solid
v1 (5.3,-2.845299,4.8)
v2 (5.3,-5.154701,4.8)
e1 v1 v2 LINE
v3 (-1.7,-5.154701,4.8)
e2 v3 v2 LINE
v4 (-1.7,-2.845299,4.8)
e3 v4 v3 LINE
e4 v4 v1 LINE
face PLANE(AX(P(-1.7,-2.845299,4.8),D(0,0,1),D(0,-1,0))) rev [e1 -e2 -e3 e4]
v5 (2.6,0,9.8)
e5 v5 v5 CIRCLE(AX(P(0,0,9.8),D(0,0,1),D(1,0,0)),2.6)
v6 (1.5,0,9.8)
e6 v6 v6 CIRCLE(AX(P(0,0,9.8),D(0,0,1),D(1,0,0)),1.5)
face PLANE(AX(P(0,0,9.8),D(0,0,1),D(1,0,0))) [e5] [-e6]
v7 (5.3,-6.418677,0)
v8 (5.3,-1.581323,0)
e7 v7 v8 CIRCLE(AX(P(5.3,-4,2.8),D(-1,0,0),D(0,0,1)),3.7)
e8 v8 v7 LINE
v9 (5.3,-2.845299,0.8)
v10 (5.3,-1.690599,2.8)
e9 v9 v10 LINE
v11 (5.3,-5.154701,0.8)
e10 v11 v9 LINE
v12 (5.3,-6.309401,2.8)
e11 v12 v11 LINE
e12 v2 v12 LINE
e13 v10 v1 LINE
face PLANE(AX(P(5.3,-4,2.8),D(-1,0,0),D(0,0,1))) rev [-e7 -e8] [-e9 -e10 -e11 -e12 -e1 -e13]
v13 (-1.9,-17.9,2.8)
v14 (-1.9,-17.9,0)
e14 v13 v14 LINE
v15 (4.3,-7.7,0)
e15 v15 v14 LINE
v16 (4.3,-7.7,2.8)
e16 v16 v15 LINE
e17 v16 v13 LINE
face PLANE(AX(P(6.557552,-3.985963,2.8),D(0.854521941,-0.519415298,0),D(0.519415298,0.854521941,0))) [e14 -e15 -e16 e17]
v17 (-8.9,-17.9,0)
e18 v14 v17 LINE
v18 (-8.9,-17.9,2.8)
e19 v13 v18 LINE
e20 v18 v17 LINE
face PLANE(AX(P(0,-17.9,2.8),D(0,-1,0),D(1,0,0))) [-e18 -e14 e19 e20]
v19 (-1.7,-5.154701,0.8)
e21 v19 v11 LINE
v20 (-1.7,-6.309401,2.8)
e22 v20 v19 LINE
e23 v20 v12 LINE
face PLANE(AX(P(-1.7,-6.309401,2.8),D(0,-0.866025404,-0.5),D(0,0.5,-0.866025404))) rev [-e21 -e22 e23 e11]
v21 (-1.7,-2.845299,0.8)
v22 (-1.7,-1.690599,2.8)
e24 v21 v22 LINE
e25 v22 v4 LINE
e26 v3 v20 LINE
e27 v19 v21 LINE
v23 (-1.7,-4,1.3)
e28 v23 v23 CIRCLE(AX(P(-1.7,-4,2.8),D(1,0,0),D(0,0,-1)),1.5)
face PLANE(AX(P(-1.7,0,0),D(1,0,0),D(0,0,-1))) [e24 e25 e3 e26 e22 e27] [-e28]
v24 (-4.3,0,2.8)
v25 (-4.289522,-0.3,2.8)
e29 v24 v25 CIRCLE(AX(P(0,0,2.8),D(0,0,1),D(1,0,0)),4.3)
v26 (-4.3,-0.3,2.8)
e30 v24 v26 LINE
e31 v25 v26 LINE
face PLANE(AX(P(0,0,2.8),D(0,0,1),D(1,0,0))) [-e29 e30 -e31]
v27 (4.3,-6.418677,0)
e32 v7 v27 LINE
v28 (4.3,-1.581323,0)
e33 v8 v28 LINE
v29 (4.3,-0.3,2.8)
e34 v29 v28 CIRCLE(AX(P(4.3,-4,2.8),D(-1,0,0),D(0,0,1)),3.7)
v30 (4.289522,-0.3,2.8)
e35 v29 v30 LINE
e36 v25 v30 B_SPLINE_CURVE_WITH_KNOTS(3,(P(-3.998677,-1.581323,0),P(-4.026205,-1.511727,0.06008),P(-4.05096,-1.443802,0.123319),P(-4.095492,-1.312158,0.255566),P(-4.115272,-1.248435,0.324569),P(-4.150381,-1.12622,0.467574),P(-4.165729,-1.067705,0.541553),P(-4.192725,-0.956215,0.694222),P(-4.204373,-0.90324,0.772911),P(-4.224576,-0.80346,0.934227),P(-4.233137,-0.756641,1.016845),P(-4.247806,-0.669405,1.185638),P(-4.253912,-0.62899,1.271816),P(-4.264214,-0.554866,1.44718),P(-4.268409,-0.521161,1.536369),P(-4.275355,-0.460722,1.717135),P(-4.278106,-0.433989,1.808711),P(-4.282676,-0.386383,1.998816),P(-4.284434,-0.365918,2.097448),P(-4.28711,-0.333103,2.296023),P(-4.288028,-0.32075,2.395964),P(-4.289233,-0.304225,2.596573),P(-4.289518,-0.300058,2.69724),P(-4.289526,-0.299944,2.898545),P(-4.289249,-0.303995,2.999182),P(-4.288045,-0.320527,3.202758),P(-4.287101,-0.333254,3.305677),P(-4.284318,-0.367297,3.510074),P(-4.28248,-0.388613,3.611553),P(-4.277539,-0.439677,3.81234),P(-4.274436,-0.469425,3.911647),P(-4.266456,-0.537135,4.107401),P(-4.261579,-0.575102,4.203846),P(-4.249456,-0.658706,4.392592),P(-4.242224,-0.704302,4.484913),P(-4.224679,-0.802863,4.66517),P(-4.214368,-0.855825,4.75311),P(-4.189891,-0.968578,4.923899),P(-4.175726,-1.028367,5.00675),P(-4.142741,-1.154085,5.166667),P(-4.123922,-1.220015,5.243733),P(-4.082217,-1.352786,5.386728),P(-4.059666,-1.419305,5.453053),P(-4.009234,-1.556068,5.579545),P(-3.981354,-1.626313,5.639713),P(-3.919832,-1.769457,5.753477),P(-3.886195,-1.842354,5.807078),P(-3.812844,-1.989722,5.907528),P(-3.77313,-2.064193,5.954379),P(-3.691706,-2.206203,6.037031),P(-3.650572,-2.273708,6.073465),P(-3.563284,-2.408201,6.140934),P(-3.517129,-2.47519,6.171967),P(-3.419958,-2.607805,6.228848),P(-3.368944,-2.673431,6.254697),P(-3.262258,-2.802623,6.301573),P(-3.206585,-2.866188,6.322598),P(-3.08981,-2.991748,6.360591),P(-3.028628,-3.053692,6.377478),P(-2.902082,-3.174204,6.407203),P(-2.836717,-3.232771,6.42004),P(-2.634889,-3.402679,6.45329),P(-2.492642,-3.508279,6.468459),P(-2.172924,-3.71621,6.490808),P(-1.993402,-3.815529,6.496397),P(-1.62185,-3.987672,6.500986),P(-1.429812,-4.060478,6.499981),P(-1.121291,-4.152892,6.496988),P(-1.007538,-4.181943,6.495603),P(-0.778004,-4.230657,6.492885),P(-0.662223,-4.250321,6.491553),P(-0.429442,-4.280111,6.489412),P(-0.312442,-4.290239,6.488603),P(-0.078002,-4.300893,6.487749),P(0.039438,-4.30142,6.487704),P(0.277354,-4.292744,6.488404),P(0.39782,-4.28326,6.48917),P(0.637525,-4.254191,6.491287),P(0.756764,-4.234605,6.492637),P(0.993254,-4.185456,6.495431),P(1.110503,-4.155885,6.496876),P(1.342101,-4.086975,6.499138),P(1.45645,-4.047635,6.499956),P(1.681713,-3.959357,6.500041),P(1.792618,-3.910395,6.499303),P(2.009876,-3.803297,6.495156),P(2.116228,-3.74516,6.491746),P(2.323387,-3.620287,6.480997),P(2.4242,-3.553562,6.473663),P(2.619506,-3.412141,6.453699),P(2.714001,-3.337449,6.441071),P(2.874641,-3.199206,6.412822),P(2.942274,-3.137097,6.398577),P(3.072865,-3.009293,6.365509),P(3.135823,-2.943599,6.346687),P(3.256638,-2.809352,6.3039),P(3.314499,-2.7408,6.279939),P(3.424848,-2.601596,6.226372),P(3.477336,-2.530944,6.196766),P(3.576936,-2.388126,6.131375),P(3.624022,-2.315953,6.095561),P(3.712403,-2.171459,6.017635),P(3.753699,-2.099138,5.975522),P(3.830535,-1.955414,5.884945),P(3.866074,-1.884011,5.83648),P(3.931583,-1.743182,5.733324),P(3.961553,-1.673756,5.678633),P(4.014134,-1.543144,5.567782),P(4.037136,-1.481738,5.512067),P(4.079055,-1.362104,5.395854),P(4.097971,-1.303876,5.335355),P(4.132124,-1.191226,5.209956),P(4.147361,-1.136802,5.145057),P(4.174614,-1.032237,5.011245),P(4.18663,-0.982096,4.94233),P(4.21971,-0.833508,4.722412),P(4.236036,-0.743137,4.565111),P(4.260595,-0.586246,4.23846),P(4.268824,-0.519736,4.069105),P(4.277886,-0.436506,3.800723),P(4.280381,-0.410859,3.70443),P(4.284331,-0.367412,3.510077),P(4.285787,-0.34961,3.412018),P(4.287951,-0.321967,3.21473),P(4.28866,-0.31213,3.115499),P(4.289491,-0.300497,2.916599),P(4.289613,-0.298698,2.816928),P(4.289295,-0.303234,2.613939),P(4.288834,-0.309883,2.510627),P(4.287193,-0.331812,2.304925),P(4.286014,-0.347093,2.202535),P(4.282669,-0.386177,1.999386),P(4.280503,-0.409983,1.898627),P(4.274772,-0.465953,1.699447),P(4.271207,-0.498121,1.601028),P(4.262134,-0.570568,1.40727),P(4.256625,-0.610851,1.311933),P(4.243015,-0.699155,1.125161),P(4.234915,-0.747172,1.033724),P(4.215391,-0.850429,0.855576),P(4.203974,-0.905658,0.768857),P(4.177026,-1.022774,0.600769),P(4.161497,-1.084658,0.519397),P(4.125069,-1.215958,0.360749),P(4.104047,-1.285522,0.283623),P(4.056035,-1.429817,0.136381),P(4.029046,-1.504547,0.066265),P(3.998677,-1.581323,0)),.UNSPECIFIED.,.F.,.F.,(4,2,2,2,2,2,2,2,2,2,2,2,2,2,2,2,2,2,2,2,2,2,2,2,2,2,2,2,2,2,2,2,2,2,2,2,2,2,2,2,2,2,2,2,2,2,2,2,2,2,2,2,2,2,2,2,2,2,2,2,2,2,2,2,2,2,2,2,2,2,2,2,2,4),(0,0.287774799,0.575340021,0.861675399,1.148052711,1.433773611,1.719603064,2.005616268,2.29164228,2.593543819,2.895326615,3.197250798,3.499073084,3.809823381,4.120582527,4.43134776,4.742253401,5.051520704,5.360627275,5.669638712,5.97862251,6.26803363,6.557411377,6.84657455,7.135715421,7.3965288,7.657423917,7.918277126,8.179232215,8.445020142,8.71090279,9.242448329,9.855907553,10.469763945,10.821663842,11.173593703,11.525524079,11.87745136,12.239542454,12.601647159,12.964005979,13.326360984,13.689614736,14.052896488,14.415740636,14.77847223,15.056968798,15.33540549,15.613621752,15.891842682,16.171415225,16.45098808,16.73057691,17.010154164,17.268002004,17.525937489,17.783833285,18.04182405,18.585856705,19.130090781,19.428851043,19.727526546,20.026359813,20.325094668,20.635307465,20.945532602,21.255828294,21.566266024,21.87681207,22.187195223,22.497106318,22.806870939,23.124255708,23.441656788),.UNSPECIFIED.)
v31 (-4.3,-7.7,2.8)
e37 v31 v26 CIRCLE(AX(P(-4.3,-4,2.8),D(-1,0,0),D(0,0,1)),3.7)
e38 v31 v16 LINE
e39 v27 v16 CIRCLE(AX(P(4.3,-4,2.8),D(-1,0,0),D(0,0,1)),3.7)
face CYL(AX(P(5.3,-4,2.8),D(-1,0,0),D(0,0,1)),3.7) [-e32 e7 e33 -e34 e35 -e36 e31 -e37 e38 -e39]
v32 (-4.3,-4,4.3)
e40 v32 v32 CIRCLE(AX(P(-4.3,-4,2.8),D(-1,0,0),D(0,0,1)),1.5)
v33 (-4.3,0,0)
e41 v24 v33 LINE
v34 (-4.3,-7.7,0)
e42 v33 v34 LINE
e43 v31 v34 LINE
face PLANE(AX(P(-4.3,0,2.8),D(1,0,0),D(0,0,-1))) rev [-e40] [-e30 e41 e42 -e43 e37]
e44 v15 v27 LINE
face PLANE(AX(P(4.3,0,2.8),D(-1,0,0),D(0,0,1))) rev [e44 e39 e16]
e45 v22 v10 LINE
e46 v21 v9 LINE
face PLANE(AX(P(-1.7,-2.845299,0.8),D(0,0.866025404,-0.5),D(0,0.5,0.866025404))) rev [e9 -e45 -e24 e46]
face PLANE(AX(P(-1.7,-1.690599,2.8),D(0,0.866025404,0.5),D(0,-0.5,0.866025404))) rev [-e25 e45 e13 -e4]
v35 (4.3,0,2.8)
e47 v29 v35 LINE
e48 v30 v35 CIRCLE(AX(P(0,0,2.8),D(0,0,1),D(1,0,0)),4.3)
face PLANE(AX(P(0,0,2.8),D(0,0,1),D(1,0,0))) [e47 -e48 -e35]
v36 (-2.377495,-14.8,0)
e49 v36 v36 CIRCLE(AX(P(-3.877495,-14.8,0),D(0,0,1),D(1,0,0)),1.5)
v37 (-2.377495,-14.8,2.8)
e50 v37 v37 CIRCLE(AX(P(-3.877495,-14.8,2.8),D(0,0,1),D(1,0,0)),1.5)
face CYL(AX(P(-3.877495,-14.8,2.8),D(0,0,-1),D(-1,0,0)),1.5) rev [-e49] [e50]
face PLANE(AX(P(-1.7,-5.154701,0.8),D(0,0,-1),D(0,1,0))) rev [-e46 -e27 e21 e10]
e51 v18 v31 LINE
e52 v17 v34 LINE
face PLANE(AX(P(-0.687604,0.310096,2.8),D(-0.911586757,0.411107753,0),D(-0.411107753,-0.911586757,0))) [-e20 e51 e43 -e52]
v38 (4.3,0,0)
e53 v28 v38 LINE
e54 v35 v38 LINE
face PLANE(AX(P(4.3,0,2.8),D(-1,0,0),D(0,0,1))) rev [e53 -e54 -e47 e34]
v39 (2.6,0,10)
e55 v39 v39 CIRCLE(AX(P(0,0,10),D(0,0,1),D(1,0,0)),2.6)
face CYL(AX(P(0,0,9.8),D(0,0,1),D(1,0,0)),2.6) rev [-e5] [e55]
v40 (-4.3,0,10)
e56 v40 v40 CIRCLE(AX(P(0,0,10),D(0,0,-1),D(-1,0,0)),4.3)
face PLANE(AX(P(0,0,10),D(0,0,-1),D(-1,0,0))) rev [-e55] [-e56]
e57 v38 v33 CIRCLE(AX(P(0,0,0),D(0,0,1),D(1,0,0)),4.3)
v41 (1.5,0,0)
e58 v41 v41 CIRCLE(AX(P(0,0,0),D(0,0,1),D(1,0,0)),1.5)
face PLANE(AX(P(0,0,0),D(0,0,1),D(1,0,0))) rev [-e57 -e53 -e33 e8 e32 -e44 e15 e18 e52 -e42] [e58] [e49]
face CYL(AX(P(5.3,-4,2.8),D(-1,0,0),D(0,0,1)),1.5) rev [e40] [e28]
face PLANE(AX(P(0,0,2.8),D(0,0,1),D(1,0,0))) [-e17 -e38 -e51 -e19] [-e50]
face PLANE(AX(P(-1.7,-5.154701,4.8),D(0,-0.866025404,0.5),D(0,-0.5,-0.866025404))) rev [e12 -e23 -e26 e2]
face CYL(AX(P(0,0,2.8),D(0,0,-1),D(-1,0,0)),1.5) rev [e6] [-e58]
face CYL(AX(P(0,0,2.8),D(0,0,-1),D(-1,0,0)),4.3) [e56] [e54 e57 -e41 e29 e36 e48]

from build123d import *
from build123d.topology import SkipClean

# Parameters (mm, degrees)
SKETCH_1_R          = 1.5
EXTRUDE_1_DEPTH     = 2.8
SKETCH_3_R          = 4.3
SKETCH_3_R_2        = 1.5
EXTRUDE_4_DEPTH     = 10
CUT_EXTRUDE_START   = -0.2
SKETCH_4_R          = 2.6
SKETCH_4_R_2        = 1.5
CUT_EXTRUDE_1_DEPTH = 0.2
EXTRUDE_8_DEPTH     = 9.6
CUT_EXTRUDE_2_DEPTH = 7
SKETCH_19_R         = 1.5
CUT_EXTRUDE_3_DEPTH = 23.64000892
SKETCH_1_4_R        = 1.5
CUT_EXTRUDE_4_DEPTH = 23.352181146


with BuildPart() as part:
    # 草图1 → 凸台-拉伸1 (new body)
    with BuildSketch(Plane.XY):
        with BuildLine():
            Line((4.3, -7.7), (4.3, 0))
            ThreePointArc((4.3, 0), (0, 4.3), (-4.3, 0))
            Line((-4.3, 0), (-4.3, -7.7))
            Line((-4.3, -7.7), (-8.9, -17.9))
            Line((-8.9, -17.9), (-1.9, -17.9))
            Line((-1.9, -17.9), (4.3, -7.7))
        make_face()
        Circle(SKETCH_1_R, mode=Mode.SUBTRACT)
        with Locations((-3.877494661, -14.8)):
            Circle(SKETCH_1_R, mode=Mode.SUBTRACT)
    extrude(amount=EXTRUDE_1_DEPTH)

    # 草图3 → 凸台-拉伸4 (add)
    with SkipClean():  # the faces are left unmerged after this step: merging them gives an invalid solid
        with BuildSketch(Plane(origin=(0, 0, 0), x_dir=(-1, 0, 0), z_dir=(0, 0, -1))):
            Circle(SKETCH_3_R)
            Circle(SKETCH_3_R_2, mode=Mode.SUBTRACT)
        extrude(amount=-EXTRUDE_4_DEPTH)

    # 草图4 → 切除-拉伸1 (cut)
    with SkipClean():  # the faces are left unmerged after this step: merging them gives an invalid solid
        with BuildSketch(Plane.XY.offset(10).offset(CUT_EXTRUDE_START)):
            Circle(SKETCH_4_R)
            Circle(SKETCH_4_R_2, mode=Mode.SUBTRACT)
        extrude(amount=CUT_EXTRUDE_1_DEPTH, mode=Mode.SUBTRACT)

    # 草图17 → 凸台-拉伸8 (add)
    with SkipClean():  # the faces are left unmerged after this step: merging them gives an invalid solid
        with BuildSketch(Plane.ZY.offset(4.3)):
            with BuildLine():
                Line((0, -1.581322676), (0, -6.418677324))
                ThreePointArc((0, -6.418677324), (6.5, -4), (0, -1.581322676))
            make_face()
        extrude(amount=-EXTRUDE_8_DEPTH)

    # 草图18 → 切除-拉伸2 (cut)
    with SkipClean():  # the faces are left unmerged after this step: merging them gives an invalid solid
        with BuildSketch(Plane(origin=(5.3, 0, 0), x_dir=(0, 0, -1), z_dir=(1, 0, 0))):
            Polygon((-0.8, -5.154700538), (-0.8, -2.845299462), (-2.8, -1.690598923), (-4.8, -2.845299462), (-4.8, -5.154700538), (-2.8, -6.309401077), align=None)
        extrude(amount=-CUT_EXTRUDE_2_DEPTH, mode=Mode.SUBTRACT)

    # 草图19 → 切除-拉伸3 (cut, through all)
    with SkipClean():  # the faces are left unmerged after this step: merging them gives an invalid solid
        with BuildSketch(Plane.ZY.offset(4.3)):
            with Locations((2.8, -4)):
                Circle(SKETCH_19_R)
        extrude(amount=-CUT_EXTRUDE_3_DEPTH, mode=Mode.SUBTRACT)

    # 草图1<4> → 切除-拉伸4 (cut, through all)
    with SkipClean():  # the faces are left unmerged after this step: merging them gives an invalid solid
        with BuildSketch(Plane.XY):
            Circle(SKETCH_1_4_R)
        extrude(amount=CUT_EXTRUDE_4_DEPTH, mode=Mode.SUBTRACT)


solid = part.part
